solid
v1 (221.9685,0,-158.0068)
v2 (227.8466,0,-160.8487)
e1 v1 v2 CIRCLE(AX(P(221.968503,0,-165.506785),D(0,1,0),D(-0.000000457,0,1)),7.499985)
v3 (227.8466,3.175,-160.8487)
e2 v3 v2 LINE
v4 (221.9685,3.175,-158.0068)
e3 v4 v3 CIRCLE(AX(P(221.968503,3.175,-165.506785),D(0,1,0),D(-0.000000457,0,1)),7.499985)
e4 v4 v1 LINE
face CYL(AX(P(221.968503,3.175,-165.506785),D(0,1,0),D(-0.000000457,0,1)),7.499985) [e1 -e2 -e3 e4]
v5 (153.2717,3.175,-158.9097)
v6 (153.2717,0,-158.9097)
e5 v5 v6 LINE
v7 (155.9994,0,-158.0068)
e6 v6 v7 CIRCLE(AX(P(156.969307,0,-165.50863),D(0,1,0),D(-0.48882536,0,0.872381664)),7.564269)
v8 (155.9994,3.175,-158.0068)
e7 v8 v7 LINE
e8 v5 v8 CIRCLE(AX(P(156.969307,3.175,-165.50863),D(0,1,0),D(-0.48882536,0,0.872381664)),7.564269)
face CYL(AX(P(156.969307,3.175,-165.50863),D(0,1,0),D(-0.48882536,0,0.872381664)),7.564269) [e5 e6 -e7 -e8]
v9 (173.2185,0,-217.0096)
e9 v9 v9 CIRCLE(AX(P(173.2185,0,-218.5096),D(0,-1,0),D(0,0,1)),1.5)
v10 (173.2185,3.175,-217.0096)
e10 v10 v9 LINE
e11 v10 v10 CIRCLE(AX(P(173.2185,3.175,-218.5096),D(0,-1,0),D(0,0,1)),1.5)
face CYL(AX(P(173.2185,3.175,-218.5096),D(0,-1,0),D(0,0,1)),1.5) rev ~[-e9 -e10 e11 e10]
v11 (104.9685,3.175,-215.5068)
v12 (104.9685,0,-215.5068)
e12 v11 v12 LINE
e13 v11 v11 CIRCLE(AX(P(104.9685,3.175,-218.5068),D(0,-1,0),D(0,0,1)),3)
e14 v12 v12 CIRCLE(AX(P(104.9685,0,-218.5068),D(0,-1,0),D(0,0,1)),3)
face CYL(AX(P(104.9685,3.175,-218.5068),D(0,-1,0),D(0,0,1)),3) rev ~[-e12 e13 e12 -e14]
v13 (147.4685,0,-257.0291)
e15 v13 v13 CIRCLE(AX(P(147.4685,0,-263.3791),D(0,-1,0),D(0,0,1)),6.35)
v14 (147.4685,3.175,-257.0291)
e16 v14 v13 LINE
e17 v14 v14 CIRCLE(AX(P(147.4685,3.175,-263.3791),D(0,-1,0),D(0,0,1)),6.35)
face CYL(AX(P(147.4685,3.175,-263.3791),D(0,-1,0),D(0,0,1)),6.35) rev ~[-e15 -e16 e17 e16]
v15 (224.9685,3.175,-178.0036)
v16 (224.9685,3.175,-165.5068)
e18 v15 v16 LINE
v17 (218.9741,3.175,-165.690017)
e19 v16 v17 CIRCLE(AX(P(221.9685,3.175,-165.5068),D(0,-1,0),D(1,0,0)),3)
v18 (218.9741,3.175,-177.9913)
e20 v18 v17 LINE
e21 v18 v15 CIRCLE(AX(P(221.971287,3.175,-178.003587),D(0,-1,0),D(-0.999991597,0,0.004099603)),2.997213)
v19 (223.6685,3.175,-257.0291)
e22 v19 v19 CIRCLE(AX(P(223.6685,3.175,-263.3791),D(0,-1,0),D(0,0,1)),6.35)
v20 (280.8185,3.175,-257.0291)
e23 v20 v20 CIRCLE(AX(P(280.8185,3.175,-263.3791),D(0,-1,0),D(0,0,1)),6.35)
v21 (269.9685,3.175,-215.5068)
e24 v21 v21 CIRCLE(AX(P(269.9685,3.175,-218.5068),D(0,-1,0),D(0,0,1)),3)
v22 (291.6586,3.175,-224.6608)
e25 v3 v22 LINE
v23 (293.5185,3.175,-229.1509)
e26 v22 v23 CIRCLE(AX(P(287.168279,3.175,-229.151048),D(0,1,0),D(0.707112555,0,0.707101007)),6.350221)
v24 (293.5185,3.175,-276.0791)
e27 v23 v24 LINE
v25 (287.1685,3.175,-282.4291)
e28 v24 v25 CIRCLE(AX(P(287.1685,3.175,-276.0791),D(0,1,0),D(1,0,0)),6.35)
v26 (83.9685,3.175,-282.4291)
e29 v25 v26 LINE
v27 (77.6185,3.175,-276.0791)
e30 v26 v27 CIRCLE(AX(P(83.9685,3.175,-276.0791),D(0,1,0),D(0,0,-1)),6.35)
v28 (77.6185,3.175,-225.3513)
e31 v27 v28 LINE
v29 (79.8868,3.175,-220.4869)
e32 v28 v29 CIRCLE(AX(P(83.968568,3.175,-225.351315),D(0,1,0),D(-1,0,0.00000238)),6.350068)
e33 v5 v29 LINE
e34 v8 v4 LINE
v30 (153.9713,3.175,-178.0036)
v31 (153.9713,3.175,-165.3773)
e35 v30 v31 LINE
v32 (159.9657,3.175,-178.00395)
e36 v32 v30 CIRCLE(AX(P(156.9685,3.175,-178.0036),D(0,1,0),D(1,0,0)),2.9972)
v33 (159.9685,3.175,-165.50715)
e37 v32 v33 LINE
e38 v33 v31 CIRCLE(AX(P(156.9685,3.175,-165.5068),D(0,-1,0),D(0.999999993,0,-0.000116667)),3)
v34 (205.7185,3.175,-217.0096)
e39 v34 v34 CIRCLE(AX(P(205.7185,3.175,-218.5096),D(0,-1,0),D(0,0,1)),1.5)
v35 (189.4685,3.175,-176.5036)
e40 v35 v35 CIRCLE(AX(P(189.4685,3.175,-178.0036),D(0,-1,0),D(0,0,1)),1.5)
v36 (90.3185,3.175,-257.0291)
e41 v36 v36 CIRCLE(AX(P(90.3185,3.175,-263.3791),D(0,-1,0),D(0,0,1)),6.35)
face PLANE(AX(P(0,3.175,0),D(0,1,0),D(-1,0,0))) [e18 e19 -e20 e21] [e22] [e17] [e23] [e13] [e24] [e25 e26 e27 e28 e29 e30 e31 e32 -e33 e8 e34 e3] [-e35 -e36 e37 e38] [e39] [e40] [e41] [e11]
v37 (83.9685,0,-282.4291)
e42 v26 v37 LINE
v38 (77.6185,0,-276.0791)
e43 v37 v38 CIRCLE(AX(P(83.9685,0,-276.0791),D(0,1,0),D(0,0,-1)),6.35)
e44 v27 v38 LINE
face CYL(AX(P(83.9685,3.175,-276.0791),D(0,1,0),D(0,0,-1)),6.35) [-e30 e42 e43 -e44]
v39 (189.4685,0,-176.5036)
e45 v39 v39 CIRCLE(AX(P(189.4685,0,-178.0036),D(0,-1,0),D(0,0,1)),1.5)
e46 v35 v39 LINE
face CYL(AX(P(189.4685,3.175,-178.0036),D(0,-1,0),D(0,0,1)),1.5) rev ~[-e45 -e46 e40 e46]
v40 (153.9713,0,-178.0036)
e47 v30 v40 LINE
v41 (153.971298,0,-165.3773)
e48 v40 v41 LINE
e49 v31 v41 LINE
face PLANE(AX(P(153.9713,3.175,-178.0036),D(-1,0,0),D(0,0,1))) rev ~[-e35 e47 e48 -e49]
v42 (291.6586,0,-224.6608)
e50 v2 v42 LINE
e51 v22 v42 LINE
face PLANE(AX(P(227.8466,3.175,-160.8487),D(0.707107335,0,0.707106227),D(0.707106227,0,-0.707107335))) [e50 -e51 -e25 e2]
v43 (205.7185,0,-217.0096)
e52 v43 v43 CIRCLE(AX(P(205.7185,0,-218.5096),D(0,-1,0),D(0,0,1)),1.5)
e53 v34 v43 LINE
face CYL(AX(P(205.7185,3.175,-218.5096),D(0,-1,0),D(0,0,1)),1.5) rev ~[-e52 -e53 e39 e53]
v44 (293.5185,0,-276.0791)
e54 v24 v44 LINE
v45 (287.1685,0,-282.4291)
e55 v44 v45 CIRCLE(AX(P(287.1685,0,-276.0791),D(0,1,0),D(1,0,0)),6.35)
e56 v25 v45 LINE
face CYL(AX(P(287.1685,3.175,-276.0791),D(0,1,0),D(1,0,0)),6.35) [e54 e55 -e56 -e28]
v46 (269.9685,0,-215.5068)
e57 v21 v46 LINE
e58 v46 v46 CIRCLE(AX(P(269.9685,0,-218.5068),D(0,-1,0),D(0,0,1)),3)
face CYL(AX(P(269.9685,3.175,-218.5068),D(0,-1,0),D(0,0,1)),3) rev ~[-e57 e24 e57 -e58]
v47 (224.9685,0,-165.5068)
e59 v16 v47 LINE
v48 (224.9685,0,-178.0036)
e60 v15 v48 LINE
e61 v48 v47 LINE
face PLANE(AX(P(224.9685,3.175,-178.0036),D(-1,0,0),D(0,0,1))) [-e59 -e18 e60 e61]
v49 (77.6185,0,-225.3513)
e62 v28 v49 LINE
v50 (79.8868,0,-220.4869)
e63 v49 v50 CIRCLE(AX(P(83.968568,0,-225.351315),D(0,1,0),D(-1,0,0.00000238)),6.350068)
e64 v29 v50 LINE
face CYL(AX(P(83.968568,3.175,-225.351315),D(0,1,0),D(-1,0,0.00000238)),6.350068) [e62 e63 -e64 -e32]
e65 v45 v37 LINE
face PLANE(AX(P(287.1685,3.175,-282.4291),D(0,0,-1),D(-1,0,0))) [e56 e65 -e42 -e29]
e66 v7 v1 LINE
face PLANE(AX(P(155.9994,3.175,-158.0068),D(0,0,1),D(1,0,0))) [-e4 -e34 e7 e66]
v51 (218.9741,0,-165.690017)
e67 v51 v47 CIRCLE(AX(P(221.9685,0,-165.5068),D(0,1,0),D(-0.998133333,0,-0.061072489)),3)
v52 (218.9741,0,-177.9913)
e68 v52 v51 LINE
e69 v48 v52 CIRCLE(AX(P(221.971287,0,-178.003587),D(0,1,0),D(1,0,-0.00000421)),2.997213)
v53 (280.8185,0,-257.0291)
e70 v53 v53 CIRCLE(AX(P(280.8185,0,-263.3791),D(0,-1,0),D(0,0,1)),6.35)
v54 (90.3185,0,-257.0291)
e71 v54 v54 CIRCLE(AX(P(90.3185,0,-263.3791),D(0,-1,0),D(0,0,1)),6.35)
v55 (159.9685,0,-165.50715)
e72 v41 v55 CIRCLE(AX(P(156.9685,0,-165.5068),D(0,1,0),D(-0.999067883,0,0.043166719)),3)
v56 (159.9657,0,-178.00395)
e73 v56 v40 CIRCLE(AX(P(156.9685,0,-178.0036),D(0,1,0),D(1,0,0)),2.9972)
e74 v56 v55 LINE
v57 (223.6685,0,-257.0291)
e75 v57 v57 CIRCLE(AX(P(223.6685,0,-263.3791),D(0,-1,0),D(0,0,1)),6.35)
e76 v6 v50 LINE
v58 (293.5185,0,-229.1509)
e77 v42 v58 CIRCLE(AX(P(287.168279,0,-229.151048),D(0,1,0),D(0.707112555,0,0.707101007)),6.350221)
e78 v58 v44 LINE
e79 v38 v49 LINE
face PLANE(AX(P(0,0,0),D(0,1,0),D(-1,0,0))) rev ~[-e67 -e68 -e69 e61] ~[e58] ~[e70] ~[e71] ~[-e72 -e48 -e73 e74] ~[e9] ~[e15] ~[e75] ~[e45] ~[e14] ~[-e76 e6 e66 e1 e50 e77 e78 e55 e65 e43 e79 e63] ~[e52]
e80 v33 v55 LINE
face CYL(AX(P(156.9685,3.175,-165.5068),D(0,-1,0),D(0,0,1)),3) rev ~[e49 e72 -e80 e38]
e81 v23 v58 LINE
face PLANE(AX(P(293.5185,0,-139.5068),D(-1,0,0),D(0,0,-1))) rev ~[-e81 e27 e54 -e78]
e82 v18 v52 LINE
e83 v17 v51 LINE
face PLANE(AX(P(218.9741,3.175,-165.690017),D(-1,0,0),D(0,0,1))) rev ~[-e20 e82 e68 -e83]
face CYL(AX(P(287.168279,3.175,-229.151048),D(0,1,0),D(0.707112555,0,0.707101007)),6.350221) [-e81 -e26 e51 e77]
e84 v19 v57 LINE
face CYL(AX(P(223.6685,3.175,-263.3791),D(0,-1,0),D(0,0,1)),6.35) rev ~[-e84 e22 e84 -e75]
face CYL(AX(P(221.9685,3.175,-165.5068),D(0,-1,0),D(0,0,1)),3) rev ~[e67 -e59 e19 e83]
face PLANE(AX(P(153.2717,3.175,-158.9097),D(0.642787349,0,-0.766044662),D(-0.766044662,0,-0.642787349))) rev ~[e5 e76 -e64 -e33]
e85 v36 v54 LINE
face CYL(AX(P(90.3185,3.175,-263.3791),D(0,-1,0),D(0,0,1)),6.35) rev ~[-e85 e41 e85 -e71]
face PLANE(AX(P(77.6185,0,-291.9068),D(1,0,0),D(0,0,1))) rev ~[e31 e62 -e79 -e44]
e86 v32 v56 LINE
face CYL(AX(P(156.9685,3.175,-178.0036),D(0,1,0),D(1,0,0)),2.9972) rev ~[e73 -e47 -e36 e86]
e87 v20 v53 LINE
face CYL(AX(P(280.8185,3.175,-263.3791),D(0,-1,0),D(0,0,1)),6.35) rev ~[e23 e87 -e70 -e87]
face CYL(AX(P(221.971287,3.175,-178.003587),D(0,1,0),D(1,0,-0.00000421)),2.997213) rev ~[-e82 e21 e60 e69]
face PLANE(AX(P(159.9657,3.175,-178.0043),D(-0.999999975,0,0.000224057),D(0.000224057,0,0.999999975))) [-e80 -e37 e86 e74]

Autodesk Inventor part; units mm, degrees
ref_plane "YZ Plane" through (0, 0, 0) normal (1, 0, 0) x (0, 1, 0)
ref_plane "XZ Plane" through (0, 0, 0) normal (0, 1, 0) x (-1, 0, 0)
ref_plane "XY Plane" through (0, 0, 0) normal (0, 0, 1) x (1, 0, 0)
sketch "Sketch1" plane through (0, 0, 0) normal (0, 1, 0) x (-1, 0, 0)
  line L0 (-77.6185, -139.5068) -> (-293.5185, -139.5068)
  line L1 (-293.5185, -139.5068) -> (-293.5185, -291.9068)
  line L2 (-293.5185, -291.9068) -> (-77.6185, -291.9068)
  line L3 (-77.6185, -291.9068) -> (-77.6185, -139.5068)
  point P0 (0, 0)
  dimension "d0" = 215.9
  dimension "d1" = 152.4
extrude "Extrusion1" add sketch "Sketch1" along normal blind 3.175
sketch "Sketch2" plane through (0, 3.175, 0) normal (0, 1, 0) x (1, 0, 0)
  line L0 (77.6185, 291.9068) -> (77.6185, 139.5068) projected
  line L1 (77.6185, 139.5068) -> (293.5185, 139.5068) projected
  line L2 (293.5185, 139.5068) -> (293.5185, 291.9068) projected
  line L3 (293.5185, 291.9068) -> (77.6185, 291.9068) projected
  point P0 (0, 0)
  point P1 (156.9685, 165.5068)
  point P2 (104.9685, 218.5068)
  point P3 (269.9685, 218.5068)
  point P4 (221.9685, 165.5068)
  dimension "d4" = 144.35
  dimension "d5" = 26
  dimension "d7" = 79
  dimension "d19" = 27.35
  dimension "d20" = 79
  dimension "d21" = 26
  dimension "d22" = 79.35
  dimension "d23" = 192.35
hole "Hole1" at (156.9685, 3.175, -165.5068) at (104.9685, 3.175, -218.5068) at (269.9685, 3.175, -218.5068) at (221.9685, 3.175, -165.5068) direction (0, -1, 0) diameter 6 end through all
sketch "Sketch3" plane through (0, 3.175, 0) normal (0, 1, 0) x (1, 0, 0)
  line L0 (155.9994, 158.0068) -> (221.9685, 158.0068)
  circle A0 centre (221.9685, 165.5068) radius 3 projected
  circle A1 centre (104.3905, 218.5068) radius 3
  circle A2 centre (156.9685, 165.5068) radius 3 projected
  line L1 (153.2717, 158.9097) -> (79.8868, 220.4869)
  line L2 (77.6185, 139.5068) -> (293.5185, 139.5068)
  line L3 (293.5185, 229.1509) -> (293.5185, 276.0791)
  line L4 (293.5185, 291.9068) -> (77.6185, 291.9068)
  line L5 (77.6185, 291.9068) -> (77.6185, 139.5068)
  arc A3 (153.2717, 158.9097) -> (155.9994, 158.0068) centre (156.9685, 165.5068) ccw
  line L6 (96.6333, 206.4349) -> (77.6185, 222.3902)
  line L7 (48.2791, 233.5068) -> (391.5458, 233.5068) construction
  arc A4 (221.9685, 158.0068) -> (227.8466, 160.8487) centre (221.9685, 165.5068) ccw
  line L8 (227.8466, 160.8487) -> (291.6586, 224.6608)
  line L9 (293.5185, 226.5206) -> (293.5185, 282.4291)
  line L10 (293.5185, 139.5068) -> (293.5185, 291.9068) projected
  line L11 (287.1685, 282.4291) -> (83.9685, 282.4291)
  line L12 (77.6185, 276.0791) -> (77.6185, 225.3513)
  line L13 (77.6185, 291.9068) -> (77.6185, 139.5068) projected
  arc A5 (293.5185, 276.0791) -> (287.1685, 282.4291) centre (287.1685, 276.0791) ccw
  arc A6 (83.9685, 282.4291) -> (77.6185, 276.0791) centre (83.9685, 276.0791) ccw
  arc A7 (77.6185, 225.3513) -> (79.8868, 220.4869) centre (83.9685, 225.3513) ccw
  arc A8 (291.6586, 224.6608) -> (293.5185, 229.1509) centre (287.1685, 229.1509) ccw
  circle A9 centre (104.9685, 218.5068) radius 3 projected
  line L14 (104.9685, 218.5068) -> (170.1885, 218.5068)
  point P0 (0, 0)
  point P1 (77.6185, 282.4291)
  point P2 (77.6185, 160.8487)
  dimension "d24" = 7.5
  dimension "d40" = 98.7582
  dimension "d72" = 6
  dimension "d93" = 7.5
  dimension "d96" = 52.578
  dimension "d99" = 135
  dimension "d100" = 6.35
  dimension "d101" = 6.35
  dimension "d102" = 6.35
  dimension "d103" = 6.35
  dimension "d104" = 140
  dimension "d127" = 9.4778
  dimension "d128" = 53
extrude "Extrusion3" cut sketch "Sketch3" against normal blind 25.4 contours L0 A4 L8 A8 L9 L10 L2 L5 L6 L1 A3 | L6 L5 A7 | A5 L11 A6 L5 L4 L10 L9
sketch "Sketch7" plane through (0, 3.175, 0) normal (0, 1, 0) x (1, 0, 0)
  circle A0 centre (156.9685, 165.5068) radius 3 projected
  line L0 (155.9994, 158.0068) -> (221.9685, 158.0068) projected
  circle A1 centre (156.9685, 178.0036) radius 2.9972
  line L1 (153.9713, 178.0036) -> (153.9713, 165.3773)
  line L2 (159.9657, 178.0043) -> (159.9685, 165.5075)
  circle A2 centre (221.9713, 178.0036) radius 2.9972
  circle A3 centre (221.9685, 165.5068) radius 3 projected
  line L3 (218.9741, 178.016) -> (218.9741, 165.3232)
  line L4 (224.9685, 178.0036) -> (224.9685, 165.5068)
  point P0 (0, 0)
  point P1 (218.9685, 165.5082)
  dimension "d76" = 5.9944
  dimension "d77" = 12.4968
  dimension "d78" = 5.9944
  dimension "d79" = 12.4968
  dimension "d88" = 6
extrude "Extrusion4" cut sketch "Sketch7" against normal blind 25.4 contours A0 L1 A1 L2 | A1
sketch "Sketch8" plane through (0, 3.175, 0) normal (0, 1, 0) x (1, 0, 0)
  arc A0 (224.9685, 178.0036) -> (218.9741, 177.9913) centre (221.9713, 178.0036) ccw
  circle A1 centre (221.9685, 165.5068) radius 3
  line L0 (218.9741, 178.016) -> (218.9741, 165.3232)
  line L1 (224.9685, 178.0036) -> (224.9685, 165.5068)
  point P0 (0, 0)
  point P1 (218.9685, 165.5082)
  dimension "d82" = 5.9944
  dimension "d83" = 12.4968
extrude "Extrusion5" cut sketch "Sketch8" against normal blind 25.4 contours L1 A1 L0 A0 | A1 L0 picked at (221.9464, 164.5591)
sketch "Sketch10" plane through (0, 3.175, 0) normal (0, 1, 0) x (1, 0, 0)
  line L0 (77.6185, 276.0791) -> (77.6185, 225.3513) projected
  line L1 (77.6185, 276.0791) -> (77.6185, 225.3513) construction
  line L2 (77.6185, 263.3791) -> (375.3248, 263.3791) construction
  line L3 (287.1685, 282.4291) -> (83.9685, 282.4291) projected
  line L4 (77.6185, 263.3791) -> (77.6185, 263.3791)
  point P0 (90.3185, 263.3791)
  point P1 (147.4685, 263.3791)
  point P2 (223.6685, 263.3791)
  point P3 (280.8185, 263.3791)
  dimension "d110" = 12.7
  dimension "d111" = 57.15
  dimension "d112" = 76.2
  dimension "d113" = 57.15
  dimension "d116" = 0.107
  dimension "d117" = 19.05
hole "Hole3" at (90.3185, 3.175, -263.3791) at (147.4685, 3.175, -263.3791) at (223.6685, 3.175, -263.3791) at (280.8185, 3.175, -263.3791) direction (0, -1, 0) diameter 12.7 depth 25.4 tip angle 118
sketch "Sketch5" plane through (0, 3.175, 0) normal (0, 1, 0) x (1, 0, 0)
  circle A0 centre (104.9685, 218.5068) radius 3 projected
  circle A1 centre (104.9685, 218.5068) radius 22.225
  circle A2 centre (156.9685, 165.5068) radius 3 projected
  circle A3 centre (156.9685, 165.5068) radius 22.225
  circle A4 centre (221.9685, 165.5068) radius 3 projected
  circle A5 centre (221.9685, 165.5068) radius 22.225
  circle A6 centre (269.9685, 218.5068) radius 3 projected
  circle A7 centre (269.9685, 218.5068) radius 22.225
  line L0 (155.9994, 158.0068) -> (221.9685, 158.0068) projected
  arc A8 (224.9685, 178.0036) -> (218.9741, 178.016) centre (221.9713, 178.0036) ccw projected
  line L1 (287.1685, 282.4291) -> (83.9685, 282.4291) projected
  point P0 (0, 0)
  point P1 (205.7185, 218.5096)
  point P2 (189.4685, 178.0036)
  point P3 (173.2185, 218.5096)
  dimension "d45" = 44.45
  dimension "d47" = 44.45
  dimension "d48" = 44.45
  dimension "d49" = 44.45
  dimension "d50" = 60.5028
  dimension "d52" = 65
  dimension "d53" = 16.25
  dimension "d54" = 16.25
  dimension "d55" = 60.5028
  dimension "d58" = 52
  dimension "d62" = 32.5
  dimension "d125" = 0
  dimension "d126" = 63.9194
hole "Hole2" at (205.7185, 3.175, -218.5096) at (189.4685, 3.175, -178.0036) at (173.2185, 3.175, -218.5096) direction (0, -1, 0) diameter 3 end through all
equation "\"d78\" = d76"
equation "\"d79\" = d77"
equation "\"d82\" = d84"
equation "\"d83\" = d85"
equation "\"d47\" = d45"
equation "\"d48\" = d45"
equation "\"d49\" = d48"
equation "\"d53\" = 0.25 * d52"
equation "\"d54\" = d53"
equation "\"d55\" = d50"
equation "\"d62\" = 0.5 * d52"
equation "\"d84\" = 5.9944"
equation "\"d85\" = 12.4968"
properties part number "track side panel V1"
